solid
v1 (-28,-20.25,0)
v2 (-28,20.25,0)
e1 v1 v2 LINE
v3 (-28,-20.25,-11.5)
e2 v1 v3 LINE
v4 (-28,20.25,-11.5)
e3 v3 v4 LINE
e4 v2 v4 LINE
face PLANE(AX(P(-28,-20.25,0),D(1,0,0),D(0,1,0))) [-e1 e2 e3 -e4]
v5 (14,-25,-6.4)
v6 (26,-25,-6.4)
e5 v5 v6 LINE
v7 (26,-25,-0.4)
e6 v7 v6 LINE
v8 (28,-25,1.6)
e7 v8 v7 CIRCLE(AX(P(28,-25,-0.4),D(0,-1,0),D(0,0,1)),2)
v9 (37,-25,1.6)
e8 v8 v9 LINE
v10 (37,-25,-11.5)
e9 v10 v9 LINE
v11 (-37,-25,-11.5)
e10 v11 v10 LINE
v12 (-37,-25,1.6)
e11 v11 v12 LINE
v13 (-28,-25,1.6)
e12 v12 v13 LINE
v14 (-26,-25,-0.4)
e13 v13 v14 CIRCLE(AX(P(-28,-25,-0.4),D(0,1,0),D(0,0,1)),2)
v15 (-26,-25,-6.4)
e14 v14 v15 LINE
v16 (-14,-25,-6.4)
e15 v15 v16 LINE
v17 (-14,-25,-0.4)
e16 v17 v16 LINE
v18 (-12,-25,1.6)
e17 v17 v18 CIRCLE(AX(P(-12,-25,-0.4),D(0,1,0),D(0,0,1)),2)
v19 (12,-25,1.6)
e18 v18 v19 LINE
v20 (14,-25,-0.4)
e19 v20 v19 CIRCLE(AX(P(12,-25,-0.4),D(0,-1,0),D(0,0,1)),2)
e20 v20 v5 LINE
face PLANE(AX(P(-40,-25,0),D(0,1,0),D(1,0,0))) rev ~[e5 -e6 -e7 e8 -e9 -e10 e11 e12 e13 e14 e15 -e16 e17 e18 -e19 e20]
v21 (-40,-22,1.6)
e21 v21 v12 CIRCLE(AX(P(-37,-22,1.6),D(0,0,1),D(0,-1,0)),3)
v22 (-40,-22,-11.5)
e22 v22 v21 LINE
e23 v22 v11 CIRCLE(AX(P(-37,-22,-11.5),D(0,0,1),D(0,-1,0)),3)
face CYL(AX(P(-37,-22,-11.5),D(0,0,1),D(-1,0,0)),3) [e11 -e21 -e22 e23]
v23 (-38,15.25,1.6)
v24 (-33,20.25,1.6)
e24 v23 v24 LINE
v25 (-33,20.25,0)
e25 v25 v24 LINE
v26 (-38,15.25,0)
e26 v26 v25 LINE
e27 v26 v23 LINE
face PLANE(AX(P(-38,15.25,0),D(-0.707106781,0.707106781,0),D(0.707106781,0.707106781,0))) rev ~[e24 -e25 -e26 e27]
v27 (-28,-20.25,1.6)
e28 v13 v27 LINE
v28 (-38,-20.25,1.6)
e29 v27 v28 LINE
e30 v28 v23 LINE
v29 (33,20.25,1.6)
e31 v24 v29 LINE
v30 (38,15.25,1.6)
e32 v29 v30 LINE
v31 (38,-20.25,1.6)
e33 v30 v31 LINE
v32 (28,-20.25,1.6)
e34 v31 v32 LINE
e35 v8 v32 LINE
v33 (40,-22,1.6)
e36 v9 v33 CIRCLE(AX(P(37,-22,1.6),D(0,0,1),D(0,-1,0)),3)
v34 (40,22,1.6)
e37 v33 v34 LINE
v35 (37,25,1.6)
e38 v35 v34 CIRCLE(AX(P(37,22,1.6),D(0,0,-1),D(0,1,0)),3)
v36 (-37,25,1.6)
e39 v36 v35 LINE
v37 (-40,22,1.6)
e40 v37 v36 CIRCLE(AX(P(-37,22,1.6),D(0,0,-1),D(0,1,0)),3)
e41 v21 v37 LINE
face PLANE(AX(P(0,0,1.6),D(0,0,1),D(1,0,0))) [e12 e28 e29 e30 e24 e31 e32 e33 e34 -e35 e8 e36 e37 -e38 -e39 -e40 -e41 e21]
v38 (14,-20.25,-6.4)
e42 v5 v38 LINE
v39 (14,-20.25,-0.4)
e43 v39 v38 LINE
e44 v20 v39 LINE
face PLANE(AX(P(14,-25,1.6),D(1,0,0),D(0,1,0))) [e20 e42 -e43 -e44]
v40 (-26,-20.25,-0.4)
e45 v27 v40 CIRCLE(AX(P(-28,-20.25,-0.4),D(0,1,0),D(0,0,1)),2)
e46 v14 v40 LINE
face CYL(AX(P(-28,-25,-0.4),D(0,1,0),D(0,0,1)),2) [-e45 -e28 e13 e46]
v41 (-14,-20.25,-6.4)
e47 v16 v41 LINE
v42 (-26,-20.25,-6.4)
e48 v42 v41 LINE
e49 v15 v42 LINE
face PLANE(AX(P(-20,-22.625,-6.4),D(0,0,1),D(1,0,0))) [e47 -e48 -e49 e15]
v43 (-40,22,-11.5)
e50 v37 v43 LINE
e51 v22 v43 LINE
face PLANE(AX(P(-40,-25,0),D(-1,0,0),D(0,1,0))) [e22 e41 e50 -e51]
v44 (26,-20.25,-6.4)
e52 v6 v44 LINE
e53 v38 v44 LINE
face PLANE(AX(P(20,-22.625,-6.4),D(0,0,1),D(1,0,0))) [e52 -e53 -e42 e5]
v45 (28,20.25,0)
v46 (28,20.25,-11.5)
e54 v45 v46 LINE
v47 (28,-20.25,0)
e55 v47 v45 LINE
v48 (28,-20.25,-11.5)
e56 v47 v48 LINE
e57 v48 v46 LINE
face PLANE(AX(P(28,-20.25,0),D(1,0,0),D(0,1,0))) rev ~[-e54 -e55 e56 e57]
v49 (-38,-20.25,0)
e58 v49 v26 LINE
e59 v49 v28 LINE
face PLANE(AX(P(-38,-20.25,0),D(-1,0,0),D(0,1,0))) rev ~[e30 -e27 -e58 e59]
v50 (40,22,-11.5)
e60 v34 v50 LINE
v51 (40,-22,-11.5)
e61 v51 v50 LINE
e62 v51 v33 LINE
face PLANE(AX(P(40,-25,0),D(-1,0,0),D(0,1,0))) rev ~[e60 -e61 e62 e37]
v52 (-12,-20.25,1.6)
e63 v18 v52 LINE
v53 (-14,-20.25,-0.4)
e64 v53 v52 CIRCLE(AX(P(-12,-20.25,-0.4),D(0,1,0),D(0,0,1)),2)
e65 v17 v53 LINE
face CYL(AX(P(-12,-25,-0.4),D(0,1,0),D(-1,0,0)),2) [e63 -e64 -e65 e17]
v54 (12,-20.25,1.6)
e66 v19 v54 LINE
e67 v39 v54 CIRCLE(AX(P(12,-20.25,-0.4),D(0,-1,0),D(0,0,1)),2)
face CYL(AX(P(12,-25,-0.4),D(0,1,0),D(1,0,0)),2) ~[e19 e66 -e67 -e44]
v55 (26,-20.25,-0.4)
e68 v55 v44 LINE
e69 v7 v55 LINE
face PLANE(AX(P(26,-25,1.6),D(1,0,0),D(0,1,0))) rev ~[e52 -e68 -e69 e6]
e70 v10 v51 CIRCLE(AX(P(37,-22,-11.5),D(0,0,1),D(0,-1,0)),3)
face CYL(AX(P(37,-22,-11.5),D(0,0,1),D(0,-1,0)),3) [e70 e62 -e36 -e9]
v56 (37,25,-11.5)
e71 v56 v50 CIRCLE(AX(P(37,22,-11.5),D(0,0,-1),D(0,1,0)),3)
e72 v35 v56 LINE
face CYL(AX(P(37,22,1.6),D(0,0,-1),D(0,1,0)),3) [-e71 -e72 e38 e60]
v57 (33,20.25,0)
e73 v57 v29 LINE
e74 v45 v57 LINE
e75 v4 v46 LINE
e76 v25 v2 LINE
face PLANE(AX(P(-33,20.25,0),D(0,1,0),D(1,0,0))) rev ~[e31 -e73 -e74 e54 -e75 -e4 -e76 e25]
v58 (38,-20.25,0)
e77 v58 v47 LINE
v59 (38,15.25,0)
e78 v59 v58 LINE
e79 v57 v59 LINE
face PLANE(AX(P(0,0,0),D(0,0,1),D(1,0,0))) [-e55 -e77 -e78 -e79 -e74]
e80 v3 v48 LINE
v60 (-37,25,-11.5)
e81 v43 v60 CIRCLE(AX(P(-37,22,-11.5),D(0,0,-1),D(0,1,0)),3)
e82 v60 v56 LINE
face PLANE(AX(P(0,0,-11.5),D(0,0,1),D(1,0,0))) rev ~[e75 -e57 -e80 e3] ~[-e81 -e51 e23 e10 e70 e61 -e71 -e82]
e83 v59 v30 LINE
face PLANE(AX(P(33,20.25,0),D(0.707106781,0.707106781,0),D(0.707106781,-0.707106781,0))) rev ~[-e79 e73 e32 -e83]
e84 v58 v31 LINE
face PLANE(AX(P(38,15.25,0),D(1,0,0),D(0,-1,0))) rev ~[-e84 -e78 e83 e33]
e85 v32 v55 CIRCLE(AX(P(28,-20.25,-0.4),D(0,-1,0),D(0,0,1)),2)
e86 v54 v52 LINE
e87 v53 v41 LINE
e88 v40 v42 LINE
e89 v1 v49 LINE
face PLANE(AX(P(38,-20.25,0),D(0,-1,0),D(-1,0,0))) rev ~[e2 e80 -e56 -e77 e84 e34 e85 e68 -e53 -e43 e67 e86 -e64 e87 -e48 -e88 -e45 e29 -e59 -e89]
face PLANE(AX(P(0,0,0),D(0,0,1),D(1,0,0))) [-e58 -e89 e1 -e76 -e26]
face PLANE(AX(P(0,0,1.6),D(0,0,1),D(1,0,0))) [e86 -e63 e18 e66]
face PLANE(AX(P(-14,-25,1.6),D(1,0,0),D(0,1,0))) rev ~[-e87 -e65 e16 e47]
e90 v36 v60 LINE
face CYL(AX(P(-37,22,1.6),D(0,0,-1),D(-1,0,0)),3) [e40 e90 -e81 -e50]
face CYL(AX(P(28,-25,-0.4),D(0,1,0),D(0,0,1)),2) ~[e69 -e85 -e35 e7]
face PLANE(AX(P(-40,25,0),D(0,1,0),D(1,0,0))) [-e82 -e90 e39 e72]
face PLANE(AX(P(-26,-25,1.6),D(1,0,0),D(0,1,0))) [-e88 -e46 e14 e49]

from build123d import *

# Parameters (mm, degrees)
F0_W     = 80
F0_H     = 50
F1_DEPTH = 11.5
F2_W     = 80
F2_H     = 50
F3_DEPTH = 1.6
F4_W     = 56
F4_H     = 40.5
F5_DEPTH = 11.5
F6_W     = 12
F6_H     = 4.75
F7_DEPTH = 8
F8_R     = 3
F9_R     = 2


with BuildPart() as f1:
    # F0 (on Top) → F1 (new body)
    with BuildSketch(Plane.XY):
        Rectangle(F0_W, F0_H)
    extrude(amount=-F1_DEPTH)

    # F2 (on face) → F3 (join)
    with BuildSketch(Plane.XY):
        Rectangle(F2_W, F2_H)
        Polygon((38, -20.25), (-38, -20.25), (-38, 15.25), (-33, 20.25), (33, 20.25), (38, 15.25), align=None, mode=Mode.SUBTRACT)
    extrude(amount=F3_DEPTH)

    # F4 (on face) → F5 (cut, through all)
    with BuildSketch(Plane.XY):
        Rectangle(F4_W, F4_H)
    extrude(amount=-F5_DEPTH, mode=Mode.SUBTRACT)

    # F6 (on face) → F7 (cut)
    with BuildSketch(Plane.XY.offset(1.6)):
        with Locations((-20, -22.625)):
            Rectangle(F6_W, F6_H)
        with Locations((20, -22.625)):
            Rectangle(F6_W, F6_H)
    extrude(amount=-F7_DEPTH, mode=Mode.SUBTRACT)

    # F8
    f8_edges = [f1.edges().sort_by_distance(p)[0] for p in [
        (-40, 25, -4.95),
        (-40, -25, -4.95),
        (40, -25, -4.95),
        (40, 25, -4.95),
    ]]
    fillet(f8_edges, radius=F8_R)

    # F9
    f9_edges = [f1.edges().sort_by_distance(p)[0] for p in [
        (-26, -22.625, 1.6),
        (-14, -22.625, 1.6),
        (14, -22.625, 1.6),
        (26, -22.625, 1.6),
    ]]
    fillet(f9_edges, radius=F9_R)


solid = f1.part
